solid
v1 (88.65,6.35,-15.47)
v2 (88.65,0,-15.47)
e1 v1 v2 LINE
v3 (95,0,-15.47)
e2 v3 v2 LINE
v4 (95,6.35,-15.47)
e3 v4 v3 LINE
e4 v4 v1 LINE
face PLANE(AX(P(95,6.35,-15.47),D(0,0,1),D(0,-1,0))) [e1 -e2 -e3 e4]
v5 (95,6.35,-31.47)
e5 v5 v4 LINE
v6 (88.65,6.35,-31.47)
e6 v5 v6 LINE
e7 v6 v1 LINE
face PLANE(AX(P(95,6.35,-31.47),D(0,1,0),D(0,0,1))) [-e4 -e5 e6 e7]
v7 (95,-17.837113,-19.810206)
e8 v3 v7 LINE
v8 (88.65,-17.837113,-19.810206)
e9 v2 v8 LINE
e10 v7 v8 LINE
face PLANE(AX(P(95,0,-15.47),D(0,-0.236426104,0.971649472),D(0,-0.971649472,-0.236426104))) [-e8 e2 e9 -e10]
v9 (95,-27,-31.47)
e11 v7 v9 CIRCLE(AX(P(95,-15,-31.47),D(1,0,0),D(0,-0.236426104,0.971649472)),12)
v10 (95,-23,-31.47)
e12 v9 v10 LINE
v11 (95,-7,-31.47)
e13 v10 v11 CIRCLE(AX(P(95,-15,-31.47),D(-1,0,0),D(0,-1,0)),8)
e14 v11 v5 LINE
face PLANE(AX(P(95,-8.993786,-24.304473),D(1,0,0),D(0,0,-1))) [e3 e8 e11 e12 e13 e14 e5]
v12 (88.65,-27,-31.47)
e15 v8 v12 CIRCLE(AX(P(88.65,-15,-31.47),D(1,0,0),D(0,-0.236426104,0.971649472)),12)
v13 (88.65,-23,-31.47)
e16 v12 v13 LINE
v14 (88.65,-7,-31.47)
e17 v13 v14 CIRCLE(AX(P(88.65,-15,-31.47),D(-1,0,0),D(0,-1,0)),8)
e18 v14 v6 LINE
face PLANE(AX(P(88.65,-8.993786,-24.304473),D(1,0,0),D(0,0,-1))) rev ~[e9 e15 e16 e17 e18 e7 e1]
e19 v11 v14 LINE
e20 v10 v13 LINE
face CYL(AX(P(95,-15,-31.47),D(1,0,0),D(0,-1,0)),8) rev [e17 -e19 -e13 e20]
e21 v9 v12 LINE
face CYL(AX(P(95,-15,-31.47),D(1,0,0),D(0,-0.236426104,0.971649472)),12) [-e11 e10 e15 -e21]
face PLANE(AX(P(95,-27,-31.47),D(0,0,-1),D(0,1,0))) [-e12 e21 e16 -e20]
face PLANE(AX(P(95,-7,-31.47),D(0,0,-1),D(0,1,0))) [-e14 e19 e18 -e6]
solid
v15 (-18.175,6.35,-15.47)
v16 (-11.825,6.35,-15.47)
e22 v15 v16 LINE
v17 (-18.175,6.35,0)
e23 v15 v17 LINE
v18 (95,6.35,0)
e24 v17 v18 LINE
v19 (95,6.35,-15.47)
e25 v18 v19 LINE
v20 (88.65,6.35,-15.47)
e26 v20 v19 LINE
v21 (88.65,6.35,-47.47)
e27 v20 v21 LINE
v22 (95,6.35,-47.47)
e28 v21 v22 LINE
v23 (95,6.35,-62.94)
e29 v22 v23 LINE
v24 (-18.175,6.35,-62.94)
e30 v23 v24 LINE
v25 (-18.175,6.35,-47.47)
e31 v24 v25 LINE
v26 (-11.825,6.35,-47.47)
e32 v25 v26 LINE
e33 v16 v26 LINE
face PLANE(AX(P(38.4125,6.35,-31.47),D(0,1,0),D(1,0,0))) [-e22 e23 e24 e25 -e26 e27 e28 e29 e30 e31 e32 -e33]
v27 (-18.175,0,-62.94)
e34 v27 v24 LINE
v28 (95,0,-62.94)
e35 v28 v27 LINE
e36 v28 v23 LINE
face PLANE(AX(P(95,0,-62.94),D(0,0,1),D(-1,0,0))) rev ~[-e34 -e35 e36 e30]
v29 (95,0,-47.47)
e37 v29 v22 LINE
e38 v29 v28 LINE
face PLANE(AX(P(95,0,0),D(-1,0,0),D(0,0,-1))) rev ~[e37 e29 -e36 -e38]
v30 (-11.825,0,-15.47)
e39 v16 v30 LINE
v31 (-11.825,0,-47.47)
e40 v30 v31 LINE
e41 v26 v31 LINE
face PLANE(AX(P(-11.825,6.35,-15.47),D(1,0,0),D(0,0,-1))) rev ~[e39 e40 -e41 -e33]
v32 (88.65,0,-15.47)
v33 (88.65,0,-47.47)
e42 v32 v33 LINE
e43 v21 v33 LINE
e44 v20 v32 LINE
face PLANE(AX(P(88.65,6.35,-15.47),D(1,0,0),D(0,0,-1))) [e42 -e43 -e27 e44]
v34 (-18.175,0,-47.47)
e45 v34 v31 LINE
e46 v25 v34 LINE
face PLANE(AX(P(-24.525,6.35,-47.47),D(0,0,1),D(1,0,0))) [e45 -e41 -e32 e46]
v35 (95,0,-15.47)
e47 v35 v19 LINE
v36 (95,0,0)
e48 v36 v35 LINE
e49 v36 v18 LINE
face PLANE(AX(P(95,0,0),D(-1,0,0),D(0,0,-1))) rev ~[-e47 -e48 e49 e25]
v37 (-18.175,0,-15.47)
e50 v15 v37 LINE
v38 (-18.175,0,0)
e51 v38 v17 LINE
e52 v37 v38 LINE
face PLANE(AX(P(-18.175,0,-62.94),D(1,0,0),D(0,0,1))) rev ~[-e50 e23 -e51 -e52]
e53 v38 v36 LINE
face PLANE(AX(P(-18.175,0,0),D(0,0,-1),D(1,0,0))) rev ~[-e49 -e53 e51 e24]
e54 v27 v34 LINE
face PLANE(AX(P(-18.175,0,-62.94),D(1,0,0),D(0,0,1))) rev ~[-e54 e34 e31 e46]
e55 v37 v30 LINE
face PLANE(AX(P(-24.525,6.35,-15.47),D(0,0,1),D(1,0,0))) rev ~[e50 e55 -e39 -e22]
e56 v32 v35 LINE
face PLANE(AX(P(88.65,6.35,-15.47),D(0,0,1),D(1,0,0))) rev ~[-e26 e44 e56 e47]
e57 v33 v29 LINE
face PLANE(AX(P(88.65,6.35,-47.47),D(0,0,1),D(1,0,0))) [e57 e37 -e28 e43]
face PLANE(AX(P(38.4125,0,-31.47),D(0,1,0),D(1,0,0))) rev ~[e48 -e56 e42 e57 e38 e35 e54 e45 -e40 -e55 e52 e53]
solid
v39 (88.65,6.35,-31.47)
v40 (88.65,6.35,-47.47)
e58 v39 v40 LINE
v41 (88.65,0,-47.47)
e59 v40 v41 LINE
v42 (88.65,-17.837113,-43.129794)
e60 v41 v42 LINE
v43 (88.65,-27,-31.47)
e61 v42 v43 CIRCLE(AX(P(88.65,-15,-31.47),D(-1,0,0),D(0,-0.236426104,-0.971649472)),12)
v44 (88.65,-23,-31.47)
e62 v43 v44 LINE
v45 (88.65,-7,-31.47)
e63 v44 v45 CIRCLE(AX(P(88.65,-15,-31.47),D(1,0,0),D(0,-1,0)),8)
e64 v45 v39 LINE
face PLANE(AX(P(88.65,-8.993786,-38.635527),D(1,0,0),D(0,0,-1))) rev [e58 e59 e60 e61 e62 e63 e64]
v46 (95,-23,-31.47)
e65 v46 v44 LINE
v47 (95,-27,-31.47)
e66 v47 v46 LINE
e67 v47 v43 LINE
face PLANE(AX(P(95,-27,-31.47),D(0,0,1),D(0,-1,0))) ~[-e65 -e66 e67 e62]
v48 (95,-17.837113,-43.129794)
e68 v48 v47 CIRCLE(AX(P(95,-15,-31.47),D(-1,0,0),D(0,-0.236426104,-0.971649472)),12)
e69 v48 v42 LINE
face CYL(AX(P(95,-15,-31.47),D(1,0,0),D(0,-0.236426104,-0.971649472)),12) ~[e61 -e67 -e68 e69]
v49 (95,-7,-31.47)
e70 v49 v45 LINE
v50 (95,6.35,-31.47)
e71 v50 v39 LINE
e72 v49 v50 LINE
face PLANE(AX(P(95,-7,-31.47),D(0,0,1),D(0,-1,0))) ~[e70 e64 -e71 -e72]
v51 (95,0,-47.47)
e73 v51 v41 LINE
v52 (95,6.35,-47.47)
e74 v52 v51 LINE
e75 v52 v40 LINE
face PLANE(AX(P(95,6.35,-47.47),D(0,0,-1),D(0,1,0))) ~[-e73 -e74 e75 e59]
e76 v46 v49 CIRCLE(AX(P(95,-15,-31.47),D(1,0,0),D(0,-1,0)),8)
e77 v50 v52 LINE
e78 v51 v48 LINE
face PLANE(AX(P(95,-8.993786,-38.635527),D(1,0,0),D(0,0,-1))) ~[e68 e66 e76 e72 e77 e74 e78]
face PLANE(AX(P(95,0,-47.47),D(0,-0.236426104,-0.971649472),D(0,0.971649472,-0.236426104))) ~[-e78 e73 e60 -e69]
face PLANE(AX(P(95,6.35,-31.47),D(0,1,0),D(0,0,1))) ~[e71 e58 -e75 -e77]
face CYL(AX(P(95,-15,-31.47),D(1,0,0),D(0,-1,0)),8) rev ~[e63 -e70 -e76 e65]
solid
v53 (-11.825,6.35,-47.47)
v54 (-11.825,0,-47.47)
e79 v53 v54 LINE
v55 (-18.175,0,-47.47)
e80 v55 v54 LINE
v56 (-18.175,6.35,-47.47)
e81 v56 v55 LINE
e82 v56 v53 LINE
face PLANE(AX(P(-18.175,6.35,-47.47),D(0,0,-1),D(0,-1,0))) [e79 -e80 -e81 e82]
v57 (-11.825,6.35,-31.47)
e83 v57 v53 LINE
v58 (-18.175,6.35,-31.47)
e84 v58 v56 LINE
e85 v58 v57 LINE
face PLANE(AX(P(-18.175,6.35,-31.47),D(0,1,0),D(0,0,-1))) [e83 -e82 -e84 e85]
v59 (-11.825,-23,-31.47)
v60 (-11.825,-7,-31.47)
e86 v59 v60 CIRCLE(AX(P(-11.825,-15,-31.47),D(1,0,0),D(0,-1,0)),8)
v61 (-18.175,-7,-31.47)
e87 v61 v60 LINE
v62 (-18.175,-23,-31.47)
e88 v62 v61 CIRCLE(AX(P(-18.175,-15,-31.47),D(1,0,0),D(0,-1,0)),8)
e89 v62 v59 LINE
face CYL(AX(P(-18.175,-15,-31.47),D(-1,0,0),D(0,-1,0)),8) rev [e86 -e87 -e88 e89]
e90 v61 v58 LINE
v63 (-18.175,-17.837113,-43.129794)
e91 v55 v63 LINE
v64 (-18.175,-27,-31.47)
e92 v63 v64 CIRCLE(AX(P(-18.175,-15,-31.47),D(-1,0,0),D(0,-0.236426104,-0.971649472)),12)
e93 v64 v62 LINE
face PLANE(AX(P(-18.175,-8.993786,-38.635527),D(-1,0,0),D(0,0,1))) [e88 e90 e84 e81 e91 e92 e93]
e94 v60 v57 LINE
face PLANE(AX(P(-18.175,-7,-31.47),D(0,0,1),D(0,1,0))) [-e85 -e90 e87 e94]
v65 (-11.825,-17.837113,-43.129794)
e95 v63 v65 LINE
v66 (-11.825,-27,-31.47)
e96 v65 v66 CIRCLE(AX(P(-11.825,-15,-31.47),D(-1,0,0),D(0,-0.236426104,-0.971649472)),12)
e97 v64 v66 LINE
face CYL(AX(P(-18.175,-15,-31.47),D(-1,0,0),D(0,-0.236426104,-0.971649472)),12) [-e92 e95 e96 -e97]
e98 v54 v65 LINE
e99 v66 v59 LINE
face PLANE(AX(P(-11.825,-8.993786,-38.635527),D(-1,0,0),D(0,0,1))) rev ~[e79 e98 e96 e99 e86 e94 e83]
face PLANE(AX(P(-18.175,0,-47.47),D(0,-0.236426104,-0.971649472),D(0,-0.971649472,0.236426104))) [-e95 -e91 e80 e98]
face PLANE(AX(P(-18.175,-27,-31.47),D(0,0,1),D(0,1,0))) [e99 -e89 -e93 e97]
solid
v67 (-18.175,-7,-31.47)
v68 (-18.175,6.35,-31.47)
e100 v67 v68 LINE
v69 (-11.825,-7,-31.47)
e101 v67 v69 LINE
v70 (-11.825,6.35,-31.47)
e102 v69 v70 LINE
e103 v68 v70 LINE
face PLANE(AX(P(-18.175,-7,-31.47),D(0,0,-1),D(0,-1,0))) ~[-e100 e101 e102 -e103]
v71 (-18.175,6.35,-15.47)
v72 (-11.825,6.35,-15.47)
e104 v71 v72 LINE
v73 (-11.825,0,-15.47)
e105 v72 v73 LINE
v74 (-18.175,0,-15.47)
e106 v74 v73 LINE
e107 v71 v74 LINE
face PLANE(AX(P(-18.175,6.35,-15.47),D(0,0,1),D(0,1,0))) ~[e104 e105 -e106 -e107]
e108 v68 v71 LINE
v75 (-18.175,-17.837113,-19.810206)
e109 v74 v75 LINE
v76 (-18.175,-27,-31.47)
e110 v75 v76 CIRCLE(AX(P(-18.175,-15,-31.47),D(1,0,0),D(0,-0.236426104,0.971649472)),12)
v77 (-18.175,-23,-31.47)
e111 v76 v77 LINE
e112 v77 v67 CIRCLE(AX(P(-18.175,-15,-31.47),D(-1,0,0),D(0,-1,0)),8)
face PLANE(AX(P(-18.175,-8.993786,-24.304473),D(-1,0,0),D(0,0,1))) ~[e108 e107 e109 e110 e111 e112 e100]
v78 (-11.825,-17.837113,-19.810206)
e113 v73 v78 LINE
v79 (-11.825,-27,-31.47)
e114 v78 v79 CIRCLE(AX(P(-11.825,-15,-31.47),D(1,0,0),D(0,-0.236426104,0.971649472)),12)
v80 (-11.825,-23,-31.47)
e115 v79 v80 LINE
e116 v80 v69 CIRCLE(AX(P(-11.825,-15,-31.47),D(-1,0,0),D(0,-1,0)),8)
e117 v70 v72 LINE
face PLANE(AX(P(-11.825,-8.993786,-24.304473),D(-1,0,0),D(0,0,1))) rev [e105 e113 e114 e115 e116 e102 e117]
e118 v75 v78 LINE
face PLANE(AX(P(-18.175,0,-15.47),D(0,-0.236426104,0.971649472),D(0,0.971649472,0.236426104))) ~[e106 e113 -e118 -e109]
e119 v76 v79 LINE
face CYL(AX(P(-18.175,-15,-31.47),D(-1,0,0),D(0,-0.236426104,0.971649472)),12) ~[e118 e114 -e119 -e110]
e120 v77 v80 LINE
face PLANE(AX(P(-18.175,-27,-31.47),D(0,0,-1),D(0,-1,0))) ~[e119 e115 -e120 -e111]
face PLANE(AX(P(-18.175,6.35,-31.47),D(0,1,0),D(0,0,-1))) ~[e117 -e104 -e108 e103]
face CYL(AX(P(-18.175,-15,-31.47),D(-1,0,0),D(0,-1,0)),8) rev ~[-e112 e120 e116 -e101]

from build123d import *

# Parameters (mm, degrees)
EXTRUDE_1_DEPTH     = 6.35
SKETCH_4_W          = 12.7
SKETCH_4_H          = 32
CUT_EXTRUDE_1_DEPTH = 16.35
EXTRUDE_2_DEPTH     = 6.35


with BuildPart() as part:
    # 草图1 → 凸台-拉伸1 (new body)
    with BuildSketch(Plane(origin=(0, 0, 0), x_dir=(1, 0, 0), z_dir=(0, 1, 0))):
        Polygon((-3.175, 0), (0, 0), (35, 0), (41.35, 0), (95, 0), (95, 62.94), (41.35, 62.94), (35, 62.94), (0, 62.94), (-3.175, 62.94), (-18.175, 62.94), (-18.175, 0), align=None)
    extrude(amount=EXTRUDE_1_DEPTH)

    # 草图4 → 切除-拉伸1 (cut)
    with BuildSketch(Plane(origin=(0, 6.35, 0), x_dir=(1, 0, 0), z_dir=(0, 1, 0))):
        with Locations((-18.175, 31.47)):
            Rectangle(SKETCH_4_W, SKETCH_4_H)
        with Locations((95, 31.47)):
            Rectangle(SKETCH_4_W, SKETCH_4_H)
    extrude(amount=-CUT_EXTRUDE_1_DEPTH, mode=Mode.SUBTRACT)


with BuildPart() as body_2:
    # 草图5 → 凸台-拉伸2 (new body)
    with BuildSketch(Plane(origin=(95, 0, 0), x_dir=(0, 0, -1), z_dir=(1, 0, 0))):
        with BuildLine():
            Line((15.47, 6.35), (15.47, 0))
            Line((15.47, 0), (19.81020633, -17.837113248))
            ThreePointArc((19.81020633, -17.837113248), (24.055330721, -24.435183066), (31.47, -27))
            Line((31.47, -27), (31.47, -23))
            ThreePointArc((31.47, -23), (23.47, -15), (31.47, -7))
            Line((31.47, -7), (31.47, 6.35))
            Line((31.47, 6.35), (15.47, 6.35))
        make_face()
    extrude(amount=-EXTRUDE_2_DEPTH)


with BuildPart() as body_3:
    # 镜向1: mirrored copy
    add(body_2.part.mirror(Plane.ZY.offset(-38.4125)))


with BuildPart() as body_4:
    # 镜向2: mirrored copy
    add(body_2.part.mirror(Plane(origin=(25.164491751, 0, -31.47), x_dir=(1, 0, 0), z_dir=(0, 0, -1))))


with BuildPart() as body_5:
    # Mirror 2 2: mirrored copy
    add(body_3.part.mirror(Plane(origin=(25.164491751, 0, -31.47), x_dir=(1, 0, 0), z_dir=(0, 0, -1))))


solid = Compound([part.part, body_2.part, body_3.part, body_4.part, body_5.part])
